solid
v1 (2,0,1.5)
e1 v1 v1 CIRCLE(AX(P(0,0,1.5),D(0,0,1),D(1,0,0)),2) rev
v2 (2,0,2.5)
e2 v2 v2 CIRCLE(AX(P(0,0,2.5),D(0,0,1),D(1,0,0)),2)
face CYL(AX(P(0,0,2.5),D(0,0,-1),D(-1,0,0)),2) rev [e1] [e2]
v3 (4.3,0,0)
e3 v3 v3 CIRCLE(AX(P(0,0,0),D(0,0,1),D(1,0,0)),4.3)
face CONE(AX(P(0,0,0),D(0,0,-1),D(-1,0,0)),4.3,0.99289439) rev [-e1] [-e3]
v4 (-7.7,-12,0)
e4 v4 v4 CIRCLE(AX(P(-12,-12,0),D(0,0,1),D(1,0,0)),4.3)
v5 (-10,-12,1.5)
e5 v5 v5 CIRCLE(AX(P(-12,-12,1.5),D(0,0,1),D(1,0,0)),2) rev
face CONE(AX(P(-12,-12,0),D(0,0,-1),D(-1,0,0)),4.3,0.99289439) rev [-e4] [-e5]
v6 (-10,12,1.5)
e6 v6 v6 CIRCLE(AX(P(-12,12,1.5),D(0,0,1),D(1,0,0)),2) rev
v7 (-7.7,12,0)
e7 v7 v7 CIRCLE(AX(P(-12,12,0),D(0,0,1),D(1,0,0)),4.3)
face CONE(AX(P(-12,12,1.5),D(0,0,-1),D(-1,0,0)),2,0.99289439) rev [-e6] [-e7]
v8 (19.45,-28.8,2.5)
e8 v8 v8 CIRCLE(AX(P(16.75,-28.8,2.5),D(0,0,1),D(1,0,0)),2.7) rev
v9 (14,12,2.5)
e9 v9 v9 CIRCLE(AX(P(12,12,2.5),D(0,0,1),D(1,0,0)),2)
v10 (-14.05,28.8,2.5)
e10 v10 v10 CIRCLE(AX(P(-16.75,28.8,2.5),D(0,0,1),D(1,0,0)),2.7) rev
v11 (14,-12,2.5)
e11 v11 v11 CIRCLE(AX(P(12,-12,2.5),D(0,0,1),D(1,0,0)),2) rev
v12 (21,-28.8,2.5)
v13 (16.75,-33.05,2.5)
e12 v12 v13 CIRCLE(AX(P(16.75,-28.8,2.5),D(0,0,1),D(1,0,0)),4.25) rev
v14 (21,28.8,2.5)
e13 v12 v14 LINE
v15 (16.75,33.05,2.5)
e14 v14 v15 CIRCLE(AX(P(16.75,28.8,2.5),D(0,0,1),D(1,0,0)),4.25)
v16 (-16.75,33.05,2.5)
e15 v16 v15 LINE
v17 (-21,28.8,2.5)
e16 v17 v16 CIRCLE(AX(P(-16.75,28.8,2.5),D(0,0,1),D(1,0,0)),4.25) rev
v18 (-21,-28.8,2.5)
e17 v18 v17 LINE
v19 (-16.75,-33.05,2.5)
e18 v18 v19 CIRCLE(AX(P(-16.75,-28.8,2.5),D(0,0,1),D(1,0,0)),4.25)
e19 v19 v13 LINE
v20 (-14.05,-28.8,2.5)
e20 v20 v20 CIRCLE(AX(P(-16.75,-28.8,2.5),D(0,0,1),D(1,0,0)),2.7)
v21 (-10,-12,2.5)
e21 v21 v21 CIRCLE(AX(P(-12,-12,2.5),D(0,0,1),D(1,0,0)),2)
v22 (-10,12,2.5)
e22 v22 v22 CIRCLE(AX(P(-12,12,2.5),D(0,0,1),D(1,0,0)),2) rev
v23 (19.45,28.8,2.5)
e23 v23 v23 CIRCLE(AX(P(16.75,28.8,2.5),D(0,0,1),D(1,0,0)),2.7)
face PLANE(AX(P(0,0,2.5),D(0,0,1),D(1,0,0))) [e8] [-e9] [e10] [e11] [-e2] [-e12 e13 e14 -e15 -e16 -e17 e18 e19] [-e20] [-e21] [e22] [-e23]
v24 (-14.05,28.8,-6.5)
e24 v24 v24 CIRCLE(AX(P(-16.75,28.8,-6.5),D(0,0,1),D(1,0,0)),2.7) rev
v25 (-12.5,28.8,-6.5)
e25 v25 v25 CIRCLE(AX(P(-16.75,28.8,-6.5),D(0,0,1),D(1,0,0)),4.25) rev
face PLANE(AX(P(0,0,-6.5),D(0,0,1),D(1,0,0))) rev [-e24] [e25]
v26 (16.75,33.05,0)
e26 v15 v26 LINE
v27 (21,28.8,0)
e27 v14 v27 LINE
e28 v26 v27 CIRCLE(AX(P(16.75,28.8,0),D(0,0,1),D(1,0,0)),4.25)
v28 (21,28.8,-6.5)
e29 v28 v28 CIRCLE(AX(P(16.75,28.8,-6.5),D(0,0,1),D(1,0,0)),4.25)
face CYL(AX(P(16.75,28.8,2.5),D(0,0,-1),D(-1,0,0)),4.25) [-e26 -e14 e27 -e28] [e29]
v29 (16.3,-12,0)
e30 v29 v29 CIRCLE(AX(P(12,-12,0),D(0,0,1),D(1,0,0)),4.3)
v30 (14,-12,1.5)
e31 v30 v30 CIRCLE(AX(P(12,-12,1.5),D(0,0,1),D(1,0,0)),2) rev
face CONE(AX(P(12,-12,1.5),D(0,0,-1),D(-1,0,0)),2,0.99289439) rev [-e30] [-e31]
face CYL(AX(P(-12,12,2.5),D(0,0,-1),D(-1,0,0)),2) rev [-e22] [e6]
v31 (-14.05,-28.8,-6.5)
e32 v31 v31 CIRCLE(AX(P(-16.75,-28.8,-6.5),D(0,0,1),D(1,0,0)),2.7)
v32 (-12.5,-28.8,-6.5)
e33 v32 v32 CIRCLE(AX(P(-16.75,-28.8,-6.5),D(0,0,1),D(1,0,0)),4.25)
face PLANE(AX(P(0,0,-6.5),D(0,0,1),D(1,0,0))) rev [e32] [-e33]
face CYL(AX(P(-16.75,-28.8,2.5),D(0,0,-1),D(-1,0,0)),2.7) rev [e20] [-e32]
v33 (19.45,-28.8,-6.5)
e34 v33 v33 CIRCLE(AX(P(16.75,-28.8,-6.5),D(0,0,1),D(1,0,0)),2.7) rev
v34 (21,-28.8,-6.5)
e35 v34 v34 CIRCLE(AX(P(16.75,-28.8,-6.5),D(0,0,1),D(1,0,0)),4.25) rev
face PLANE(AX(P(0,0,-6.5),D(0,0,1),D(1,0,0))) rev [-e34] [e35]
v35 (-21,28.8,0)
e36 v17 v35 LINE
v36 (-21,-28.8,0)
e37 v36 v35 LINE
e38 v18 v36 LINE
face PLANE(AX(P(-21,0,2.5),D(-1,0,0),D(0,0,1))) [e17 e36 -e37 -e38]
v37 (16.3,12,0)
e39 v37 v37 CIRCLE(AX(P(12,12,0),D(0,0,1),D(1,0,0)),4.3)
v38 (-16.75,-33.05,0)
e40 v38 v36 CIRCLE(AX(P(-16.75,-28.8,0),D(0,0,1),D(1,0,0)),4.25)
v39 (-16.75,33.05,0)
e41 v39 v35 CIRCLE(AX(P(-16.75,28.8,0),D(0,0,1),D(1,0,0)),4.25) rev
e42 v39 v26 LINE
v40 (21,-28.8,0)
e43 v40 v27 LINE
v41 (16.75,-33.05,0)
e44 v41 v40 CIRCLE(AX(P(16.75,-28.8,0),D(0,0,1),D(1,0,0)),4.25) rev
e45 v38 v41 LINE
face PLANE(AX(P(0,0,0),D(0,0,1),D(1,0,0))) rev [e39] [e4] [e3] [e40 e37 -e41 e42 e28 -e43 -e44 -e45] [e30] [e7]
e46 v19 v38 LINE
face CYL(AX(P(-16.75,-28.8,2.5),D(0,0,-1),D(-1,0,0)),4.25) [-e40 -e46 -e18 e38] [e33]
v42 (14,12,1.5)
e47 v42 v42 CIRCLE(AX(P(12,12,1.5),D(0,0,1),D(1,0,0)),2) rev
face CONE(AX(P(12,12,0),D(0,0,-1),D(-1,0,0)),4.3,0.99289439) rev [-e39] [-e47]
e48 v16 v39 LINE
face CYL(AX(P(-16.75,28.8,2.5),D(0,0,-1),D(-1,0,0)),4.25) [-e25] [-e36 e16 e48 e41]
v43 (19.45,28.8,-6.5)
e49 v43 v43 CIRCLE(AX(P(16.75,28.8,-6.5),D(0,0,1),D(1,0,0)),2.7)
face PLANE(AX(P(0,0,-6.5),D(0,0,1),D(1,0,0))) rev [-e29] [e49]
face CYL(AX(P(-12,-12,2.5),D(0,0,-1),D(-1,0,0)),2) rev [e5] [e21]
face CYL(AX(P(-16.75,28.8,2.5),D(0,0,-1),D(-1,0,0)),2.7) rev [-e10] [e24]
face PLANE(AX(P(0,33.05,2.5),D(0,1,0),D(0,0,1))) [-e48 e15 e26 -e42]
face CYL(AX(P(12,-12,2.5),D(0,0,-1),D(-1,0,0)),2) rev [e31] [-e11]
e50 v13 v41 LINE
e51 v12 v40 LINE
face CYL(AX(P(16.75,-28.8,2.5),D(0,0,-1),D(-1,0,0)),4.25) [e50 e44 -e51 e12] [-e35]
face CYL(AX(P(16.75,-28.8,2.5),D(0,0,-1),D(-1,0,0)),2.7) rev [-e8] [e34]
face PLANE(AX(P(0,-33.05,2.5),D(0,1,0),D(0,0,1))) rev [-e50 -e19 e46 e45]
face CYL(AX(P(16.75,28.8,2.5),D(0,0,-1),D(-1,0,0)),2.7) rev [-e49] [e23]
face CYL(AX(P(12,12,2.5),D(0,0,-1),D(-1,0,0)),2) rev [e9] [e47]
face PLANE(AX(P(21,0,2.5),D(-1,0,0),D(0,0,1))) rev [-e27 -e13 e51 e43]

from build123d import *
from OCP.BRepFilletAPI import BRepFilletAPI_MakeChamfer
from build123d.topology import SkipClean

# Parameters (mm, degrees)
SKETCH_1_R      = 2
SKETCH_1_R_2    = 2.7
EXTRUDE_1_DEPTH = 2.5
EXTRUDE_START   = -6.5
SKETCH_1_3_R    = 4.25
SKETCH_1_3_R_2  = 2.7
EXTRUDE_2_DEPTH = 6.5
CHAMFER_1_SIZE  = 2.3
CHAMFER_1_SIZE2 = 1.5
CHAMFER_2_SIZE  = 1.5
CHAMFER_2_SIZE2 = 2.3


with BuildPart() as part:
    # 草图1 → 凸台-拉伸1 (new body)
    with BuildSketch(Plane.XY):
        with BuildLine():
            ThreePointArc((-16.75, 33.05), (-19.75520382, 31.80520382), (-21, 28.8))
            Line((-21, 28.8), (-21, -28.8))
            ThreePointArc((-21, -28.8), (-19.75520382, -31.80520382), (-16.75, -33.05))
            Line((-16.75, -33.05), (16.75, -33.05))
            ThreePointArc((16.75, -33.05), (19.75520382, -31.80520382), (21, -28.8))
            Line((21, -28.8), (21, 28.8))
            ThreePointArc((21, 28.8), (19.75520382, 31.80520382), (16.75, 33.05))
            Line((16.75, 33.05), (-16.75, 33.05))
        make_face()
        with Locations((-12, 12)):
            Circle(SKETCH_1_R, mode=Mode.SUBTRACT)
        with Locations((12, 12)):
            Circle(SKETCH_1_R, mode=Mode.SUBTRACT)
        with Locations((12, -12)):
            Circle(SKETCH_1_R, mode=Mode.SUBTRACT)
        with Locations((-12, -12)):
            Circle(SKETCH_1_R, mode=Mode.SUBTRACT)
        Circle(SKETCH_1_R, mode=Mode.SUBTRACT)
        with Locations((-16.75, 28.8)):
            Circle(SKETCH_1_R_2, mode=Mode.SUBTRACT)
        with Locations((16.75, 28.8)):
            Circle(SKETCH_1_R_2, mode=Mode.SUBTRACT)
        with Locations((16.75, -28.8)):
            Circle(SKETCH_1_R_2, mode=Mode.SUBTRACT)
        with Locations((-16.75, -28.8)):
            Circle(SKETCH_1_R_2, mode=Mode.SUBTRACT)
    extrude(amount=EXTRUDE_1_DEPTH)

    # 草图1<3> → 凸台-拉伸2 (add)
    # profile 1 of 4: a face of its own
    with SkipClean():  # the faces are left unmerged after this step: merging them gives an invalid solid
        with BuildSketch(Plane.XY.offset(EXTRUDE_START)):
            with Locations((-16.75, 28.8)):
                Circle(SKETCH_1_3_R)
            with Locations((-16.75, 28.8)):
                Circle(SKETCH_1_3_R_2, mode=Mode.SUBTRACT)
        # profile 2 of 4: a face of its own
        with BuildSketch(Plane.XY.offset(EXTRUDE_START)):
            with Locations((-16.75, -28.8)):
                Circle(SKETCH_1_3_R)
            with Locations((-16.75, -28.8)):
                Circle(SKETCH_1_3_R_2, mode=Mode.SUBTRACT)
        # profile 3 of 4: a face of its own
        with BuildSketch(Plane.XY.offset(EXTRUDE_START)):
            with Locations((16.75, 28.8)):
                Circle(SKETCH_1_3_R)
            with Locations((16.75, 28.8)):
                Circle(SKETCH_1_3_R_2, mode=Mode.SUBTRACT)
        # profile 4 of 4: a face of its own
        with BuildSketch(Plane.XY.offset(EXTRUDE_START)):
            with Locations((16.75, -28.8)):
                Circle(SKETCH_1_3_R)
            with Locations((16.75, -28.8)):
                Circle(SKETCH_1_3_R_2, mode=Mode.SUBTRACT)
        extrude(amount=EXTRUDE_2_DEPTH)

    # 倒角1
    chamfer_1_edges = [part.edges().sort_by_distance(p)[0] for p in [
        (10, -12, 0),
        (-14, 12, 0),
    ]]
    chamfer_1_side = [part.faces().sort_by_distance(p)[0] for p in [
        (0, 32.266851866, 0),
    ]]
    chamfer(chamfer_1_edges, length=CHAMFER_1_SIZE, length2=CHAMFER_1_SIZE2, reference=chamfer_1_side[0])

    # 倒角2: one chamfer whose edges measure the first distance from different faces: ONE call of the kernel's chamfer builder (chamfer() names one face for all edges)
    chamfer_2_edges_1 = [part.edges().sort_by_distance(p)[0] for p in [
        (10, 12, 0),
    ]]
    chamfer_2_side_1 = [part.faces().sort_by_distance(p)[0] for p in [
        (10, 12, 1.25),
    ]]
    chamfer_2_edges_2 = [part.edges().sort_by_distance(p)[0] for p in [
        (-2, 0, 0),
    ]]
    chamfer_2_side_2 = [part.faces().sort_by_distance(p)[0] for p in [
        (-2, 0, 1.25),
    ]]
    chamfer_2_edges_3 = [part.edges().sort_by_distance(p)[0] for p in [
        (-14, -12, 0),
    ]]
    chamfer_2_side_3 = [part.faces().sort_by_distance(p)[0] for p in [
        (-14, -12, 1.25),
    ]]
    chamfer_2 = BRepFilletAPI_MakeChamfer(part.part.solid().wrapped)
    for e in chamfer_2_edges_1:
        chamfer_2.Add(CHAMFER_2_SIZE, CHAMFER_2_SIZE2, e.wrapped, chamfer_2_side_1[0].wrapped)  # the first distance lies on this face
    for e in chamfer_2_edges_2:
        chamfer_2.Add(CHAMFER_2_SIZE, CHAMFER_2_SIZE2, e.wrapped, chamfer_2_side_2[0].wrapped)  # the first distance lies on this face
    for e in chamfer_2_edges_3:
        chamfer_2.Add(CHAMFER_2_SIZE, CHAMFER_2_SIZE2, e.wrapped, chamfer_2_side_3[0].wrapped)  # the first distance lies on this face
    add(Compound.cast(chamfer_2.Shape()), mode=Mode.REPLACE)


solid = part.part
